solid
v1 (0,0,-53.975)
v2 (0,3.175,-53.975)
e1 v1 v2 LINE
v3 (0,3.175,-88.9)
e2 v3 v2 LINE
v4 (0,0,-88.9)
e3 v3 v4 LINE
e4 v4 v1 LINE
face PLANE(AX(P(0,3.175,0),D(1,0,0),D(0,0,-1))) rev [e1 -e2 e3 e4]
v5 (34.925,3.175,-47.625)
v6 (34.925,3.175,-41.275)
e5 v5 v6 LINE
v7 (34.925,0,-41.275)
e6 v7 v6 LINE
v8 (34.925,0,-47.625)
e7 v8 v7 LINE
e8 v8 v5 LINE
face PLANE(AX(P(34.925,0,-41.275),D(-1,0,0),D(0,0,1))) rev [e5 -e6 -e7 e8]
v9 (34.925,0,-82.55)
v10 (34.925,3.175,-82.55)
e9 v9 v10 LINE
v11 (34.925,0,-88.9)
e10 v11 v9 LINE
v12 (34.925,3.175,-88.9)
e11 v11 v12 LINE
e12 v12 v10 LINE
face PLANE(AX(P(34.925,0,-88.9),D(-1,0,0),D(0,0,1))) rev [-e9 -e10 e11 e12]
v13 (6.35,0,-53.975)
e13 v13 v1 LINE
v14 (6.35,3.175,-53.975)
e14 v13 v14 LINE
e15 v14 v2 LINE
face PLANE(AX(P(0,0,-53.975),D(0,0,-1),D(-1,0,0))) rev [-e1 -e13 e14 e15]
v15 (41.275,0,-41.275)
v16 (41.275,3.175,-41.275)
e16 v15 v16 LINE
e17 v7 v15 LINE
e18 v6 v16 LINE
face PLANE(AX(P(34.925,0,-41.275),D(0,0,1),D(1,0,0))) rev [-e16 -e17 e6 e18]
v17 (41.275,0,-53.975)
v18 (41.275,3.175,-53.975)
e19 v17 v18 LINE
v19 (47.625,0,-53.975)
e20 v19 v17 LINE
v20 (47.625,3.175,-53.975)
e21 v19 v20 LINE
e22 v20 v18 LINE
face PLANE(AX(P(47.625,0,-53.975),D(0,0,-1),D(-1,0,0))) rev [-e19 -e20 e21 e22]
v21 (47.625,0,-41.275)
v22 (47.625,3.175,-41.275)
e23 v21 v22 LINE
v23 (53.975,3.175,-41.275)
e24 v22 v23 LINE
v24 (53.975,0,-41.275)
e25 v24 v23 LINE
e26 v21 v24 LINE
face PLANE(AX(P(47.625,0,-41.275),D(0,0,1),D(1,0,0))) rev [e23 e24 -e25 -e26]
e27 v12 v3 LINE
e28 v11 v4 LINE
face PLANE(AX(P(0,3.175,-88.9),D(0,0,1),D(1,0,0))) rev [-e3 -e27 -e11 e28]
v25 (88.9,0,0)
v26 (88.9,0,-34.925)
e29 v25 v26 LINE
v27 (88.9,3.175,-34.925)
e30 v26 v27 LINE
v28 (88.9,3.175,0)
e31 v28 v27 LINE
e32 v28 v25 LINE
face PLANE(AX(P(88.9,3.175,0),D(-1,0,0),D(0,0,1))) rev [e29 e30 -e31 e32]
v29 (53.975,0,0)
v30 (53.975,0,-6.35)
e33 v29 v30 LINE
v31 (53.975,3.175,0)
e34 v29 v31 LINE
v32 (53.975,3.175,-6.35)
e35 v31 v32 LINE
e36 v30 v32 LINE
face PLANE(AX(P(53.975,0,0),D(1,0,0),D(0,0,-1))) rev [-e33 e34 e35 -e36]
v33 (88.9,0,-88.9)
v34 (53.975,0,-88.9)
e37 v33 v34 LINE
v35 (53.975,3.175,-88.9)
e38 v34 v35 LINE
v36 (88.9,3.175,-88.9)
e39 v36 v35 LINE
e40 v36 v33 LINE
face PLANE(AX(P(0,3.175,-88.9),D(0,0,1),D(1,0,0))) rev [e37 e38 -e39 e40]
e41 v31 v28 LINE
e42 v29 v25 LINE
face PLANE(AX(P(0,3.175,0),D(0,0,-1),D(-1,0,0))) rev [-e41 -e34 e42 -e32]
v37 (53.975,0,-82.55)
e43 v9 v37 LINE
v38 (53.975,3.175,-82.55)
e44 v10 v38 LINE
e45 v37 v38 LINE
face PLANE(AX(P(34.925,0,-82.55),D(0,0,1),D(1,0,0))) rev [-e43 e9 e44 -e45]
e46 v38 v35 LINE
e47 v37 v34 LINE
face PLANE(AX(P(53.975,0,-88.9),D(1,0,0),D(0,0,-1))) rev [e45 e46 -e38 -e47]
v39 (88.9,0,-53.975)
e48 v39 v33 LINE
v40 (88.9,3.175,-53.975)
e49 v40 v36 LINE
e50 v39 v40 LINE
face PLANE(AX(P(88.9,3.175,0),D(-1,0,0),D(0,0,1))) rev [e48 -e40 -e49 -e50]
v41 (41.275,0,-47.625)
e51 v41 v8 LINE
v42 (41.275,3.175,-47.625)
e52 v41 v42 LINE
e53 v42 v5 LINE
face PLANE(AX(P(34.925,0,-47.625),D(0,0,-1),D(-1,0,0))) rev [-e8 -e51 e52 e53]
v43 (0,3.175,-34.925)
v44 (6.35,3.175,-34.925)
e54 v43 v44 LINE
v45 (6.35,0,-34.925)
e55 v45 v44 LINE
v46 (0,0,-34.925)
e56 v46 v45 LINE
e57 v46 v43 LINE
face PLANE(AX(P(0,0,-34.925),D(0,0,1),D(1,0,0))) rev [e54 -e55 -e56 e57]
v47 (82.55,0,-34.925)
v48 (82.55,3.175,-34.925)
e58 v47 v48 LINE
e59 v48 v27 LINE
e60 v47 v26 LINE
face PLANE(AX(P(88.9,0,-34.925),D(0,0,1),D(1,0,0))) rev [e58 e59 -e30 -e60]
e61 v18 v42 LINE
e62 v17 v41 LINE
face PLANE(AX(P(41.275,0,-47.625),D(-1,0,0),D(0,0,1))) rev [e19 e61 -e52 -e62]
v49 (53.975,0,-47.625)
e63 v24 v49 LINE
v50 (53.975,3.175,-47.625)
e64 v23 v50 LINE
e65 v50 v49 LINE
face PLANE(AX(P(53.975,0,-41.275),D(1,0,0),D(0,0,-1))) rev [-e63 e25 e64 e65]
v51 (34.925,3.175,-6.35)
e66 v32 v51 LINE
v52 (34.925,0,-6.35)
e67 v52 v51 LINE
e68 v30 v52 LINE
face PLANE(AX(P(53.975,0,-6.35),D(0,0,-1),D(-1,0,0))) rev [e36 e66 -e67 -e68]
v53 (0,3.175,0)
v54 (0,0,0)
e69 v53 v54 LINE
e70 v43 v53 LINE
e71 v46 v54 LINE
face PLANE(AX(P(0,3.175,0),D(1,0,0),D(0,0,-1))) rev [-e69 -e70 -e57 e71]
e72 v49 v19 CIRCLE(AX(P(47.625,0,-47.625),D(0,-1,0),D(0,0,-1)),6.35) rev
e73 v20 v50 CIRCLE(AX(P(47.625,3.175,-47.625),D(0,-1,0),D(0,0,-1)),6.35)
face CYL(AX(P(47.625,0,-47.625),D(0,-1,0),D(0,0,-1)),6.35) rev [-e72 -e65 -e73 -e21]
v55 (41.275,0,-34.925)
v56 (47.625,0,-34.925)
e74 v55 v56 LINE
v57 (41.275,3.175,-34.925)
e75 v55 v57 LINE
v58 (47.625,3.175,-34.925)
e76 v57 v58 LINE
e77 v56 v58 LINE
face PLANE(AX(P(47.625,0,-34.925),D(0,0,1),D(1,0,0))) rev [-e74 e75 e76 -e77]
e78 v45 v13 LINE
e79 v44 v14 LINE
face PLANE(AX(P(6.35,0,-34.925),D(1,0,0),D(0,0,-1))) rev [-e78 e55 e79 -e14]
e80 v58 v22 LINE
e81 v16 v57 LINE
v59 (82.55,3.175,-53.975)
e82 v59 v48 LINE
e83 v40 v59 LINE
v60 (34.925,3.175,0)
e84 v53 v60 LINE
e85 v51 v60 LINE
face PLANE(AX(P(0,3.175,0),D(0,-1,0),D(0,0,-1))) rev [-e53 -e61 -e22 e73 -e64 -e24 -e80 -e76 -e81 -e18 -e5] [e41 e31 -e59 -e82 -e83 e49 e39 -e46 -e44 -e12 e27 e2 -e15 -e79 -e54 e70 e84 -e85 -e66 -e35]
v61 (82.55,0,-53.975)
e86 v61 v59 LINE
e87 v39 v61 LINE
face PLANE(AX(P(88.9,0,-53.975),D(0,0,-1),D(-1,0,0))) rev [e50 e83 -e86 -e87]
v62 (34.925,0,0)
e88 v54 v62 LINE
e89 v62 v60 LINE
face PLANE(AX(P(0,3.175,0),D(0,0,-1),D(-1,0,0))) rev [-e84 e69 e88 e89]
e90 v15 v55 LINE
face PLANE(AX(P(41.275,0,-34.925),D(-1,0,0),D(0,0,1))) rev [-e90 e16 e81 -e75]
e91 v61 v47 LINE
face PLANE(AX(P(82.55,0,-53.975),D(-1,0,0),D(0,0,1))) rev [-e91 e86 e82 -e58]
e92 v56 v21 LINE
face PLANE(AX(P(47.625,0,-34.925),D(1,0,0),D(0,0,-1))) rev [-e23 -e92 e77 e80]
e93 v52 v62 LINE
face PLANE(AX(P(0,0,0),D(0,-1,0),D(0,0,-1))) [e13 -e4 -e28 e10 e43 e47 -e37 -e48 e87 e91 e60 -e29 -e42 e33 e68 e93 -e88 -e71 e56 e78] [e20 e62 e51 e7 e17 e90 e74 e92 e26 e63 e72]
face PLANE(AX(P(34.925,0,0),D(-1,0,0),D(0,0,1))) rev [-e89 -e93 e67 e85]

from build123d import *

# Parameters (mm, degrees)
SKETCH1_W           = 88.9
SKETCH1_H           = 88.9
BOSS_EXTRUDE1_DEPTH = 3.175
CUT_EXTRUDE3_DEPTH  = 3.175
SKETCH4_W           = 19.05
SKETCH4_H           = 6.35
SKETCH4_W_2         = 6.35
SKETCH4_H_2         = 19.05
CUT_EXTRUDE2_DEPTH  = 3.175
SKETCH7_W           = 6.35
SKETCH7_H           = 6.35
CUT_EXTRUDE4_DEPTH  = 126.763669734
FILLET1_R           = 6.35


with BuildPart() as part:
    # Sketch1 → Boss-Extrude1 (new body)
    with BuildSketch(Plane(origin=(0, 0, 0), x_dir=(1, 0, 0), z_dir=(0, 1, 0))):
        with Locations((44.45, 44.45)):
            Rectangle(SKETCH1_W, SKETCH1_H)
    extrude(amount=BOSS_EXTRUDE1_DEPTH)

    # Sketch5 → Cut-Extrude3 (cut)
    with BuildSketch(Plane(origin=(0, 3.175, 0), x_dir=(1, 0, 0), z_dir=(0, 1, 0))):
        Polygon((41.275, 47.625), (41.275, 53.975), (47.625, 53.975), (47.625, 47.625), (53.975, 47.625), (53.975, 41.275), (47.625, 41.275), (47.625, 34.925), (41.275, 34.925), (41.275, 41.275), (34.925, 41.275), (34.925, 47.625), align=None)
    extrude(amount=-CUT_EXTRUDE3_DEPTH, mode=Mode.SUBTRACT)

    # Sketch4 → Cut-Extrude2 (cut)
    with BuildSketch(Plane(origin=(0, 3.175, 0), x_dir=(1, 0, 0), z_dir=(0, 1, 0))):
        with Locations((44.45, 85.725)):
            Rectangle(SKETCH4_W, SKETCH4_H)
        with Locations((85.725, 44.45)):
            Rectangle(SKETCH4_W_2, SKETCH4_H_2)
        with Locations((44.45, 3.175)):
            Rectangle(SKETCH4_W, SKETCH4_H)
        with Locations((3.175, 44.45)):
            Rectangle(SKETCH4_W_2, SKETCH4_H_2)
    extrude(amount=-CUT_EXTRUDE2_DEPTH, mode=Mode.SUBTRACT)

    # Sketch7 → Cut-Extrude4 (cut, through all)
    with BuildSketch(Plane(origin=(0, 3.175, 0), x_dir=(1, 0, 0), z_dir=(0, 1, 0))):
        with Locations((50.8, 50.8)):
            Rectangle(SKETCH7_W, SKETCH7_H)
    extrude(amount=-CUT_EXTRUDE4_DEPTH, mode=Mode.SUBTRACT)

    # Fillet1
    fillet1_edges = [part.edges().sort_by_distance(p)[0] for p in [
        (53.975, 1.5875, -53.975),
    ]]
    fillet(fillet1_edges, radius=FILLET1_R)


solid = part.part
